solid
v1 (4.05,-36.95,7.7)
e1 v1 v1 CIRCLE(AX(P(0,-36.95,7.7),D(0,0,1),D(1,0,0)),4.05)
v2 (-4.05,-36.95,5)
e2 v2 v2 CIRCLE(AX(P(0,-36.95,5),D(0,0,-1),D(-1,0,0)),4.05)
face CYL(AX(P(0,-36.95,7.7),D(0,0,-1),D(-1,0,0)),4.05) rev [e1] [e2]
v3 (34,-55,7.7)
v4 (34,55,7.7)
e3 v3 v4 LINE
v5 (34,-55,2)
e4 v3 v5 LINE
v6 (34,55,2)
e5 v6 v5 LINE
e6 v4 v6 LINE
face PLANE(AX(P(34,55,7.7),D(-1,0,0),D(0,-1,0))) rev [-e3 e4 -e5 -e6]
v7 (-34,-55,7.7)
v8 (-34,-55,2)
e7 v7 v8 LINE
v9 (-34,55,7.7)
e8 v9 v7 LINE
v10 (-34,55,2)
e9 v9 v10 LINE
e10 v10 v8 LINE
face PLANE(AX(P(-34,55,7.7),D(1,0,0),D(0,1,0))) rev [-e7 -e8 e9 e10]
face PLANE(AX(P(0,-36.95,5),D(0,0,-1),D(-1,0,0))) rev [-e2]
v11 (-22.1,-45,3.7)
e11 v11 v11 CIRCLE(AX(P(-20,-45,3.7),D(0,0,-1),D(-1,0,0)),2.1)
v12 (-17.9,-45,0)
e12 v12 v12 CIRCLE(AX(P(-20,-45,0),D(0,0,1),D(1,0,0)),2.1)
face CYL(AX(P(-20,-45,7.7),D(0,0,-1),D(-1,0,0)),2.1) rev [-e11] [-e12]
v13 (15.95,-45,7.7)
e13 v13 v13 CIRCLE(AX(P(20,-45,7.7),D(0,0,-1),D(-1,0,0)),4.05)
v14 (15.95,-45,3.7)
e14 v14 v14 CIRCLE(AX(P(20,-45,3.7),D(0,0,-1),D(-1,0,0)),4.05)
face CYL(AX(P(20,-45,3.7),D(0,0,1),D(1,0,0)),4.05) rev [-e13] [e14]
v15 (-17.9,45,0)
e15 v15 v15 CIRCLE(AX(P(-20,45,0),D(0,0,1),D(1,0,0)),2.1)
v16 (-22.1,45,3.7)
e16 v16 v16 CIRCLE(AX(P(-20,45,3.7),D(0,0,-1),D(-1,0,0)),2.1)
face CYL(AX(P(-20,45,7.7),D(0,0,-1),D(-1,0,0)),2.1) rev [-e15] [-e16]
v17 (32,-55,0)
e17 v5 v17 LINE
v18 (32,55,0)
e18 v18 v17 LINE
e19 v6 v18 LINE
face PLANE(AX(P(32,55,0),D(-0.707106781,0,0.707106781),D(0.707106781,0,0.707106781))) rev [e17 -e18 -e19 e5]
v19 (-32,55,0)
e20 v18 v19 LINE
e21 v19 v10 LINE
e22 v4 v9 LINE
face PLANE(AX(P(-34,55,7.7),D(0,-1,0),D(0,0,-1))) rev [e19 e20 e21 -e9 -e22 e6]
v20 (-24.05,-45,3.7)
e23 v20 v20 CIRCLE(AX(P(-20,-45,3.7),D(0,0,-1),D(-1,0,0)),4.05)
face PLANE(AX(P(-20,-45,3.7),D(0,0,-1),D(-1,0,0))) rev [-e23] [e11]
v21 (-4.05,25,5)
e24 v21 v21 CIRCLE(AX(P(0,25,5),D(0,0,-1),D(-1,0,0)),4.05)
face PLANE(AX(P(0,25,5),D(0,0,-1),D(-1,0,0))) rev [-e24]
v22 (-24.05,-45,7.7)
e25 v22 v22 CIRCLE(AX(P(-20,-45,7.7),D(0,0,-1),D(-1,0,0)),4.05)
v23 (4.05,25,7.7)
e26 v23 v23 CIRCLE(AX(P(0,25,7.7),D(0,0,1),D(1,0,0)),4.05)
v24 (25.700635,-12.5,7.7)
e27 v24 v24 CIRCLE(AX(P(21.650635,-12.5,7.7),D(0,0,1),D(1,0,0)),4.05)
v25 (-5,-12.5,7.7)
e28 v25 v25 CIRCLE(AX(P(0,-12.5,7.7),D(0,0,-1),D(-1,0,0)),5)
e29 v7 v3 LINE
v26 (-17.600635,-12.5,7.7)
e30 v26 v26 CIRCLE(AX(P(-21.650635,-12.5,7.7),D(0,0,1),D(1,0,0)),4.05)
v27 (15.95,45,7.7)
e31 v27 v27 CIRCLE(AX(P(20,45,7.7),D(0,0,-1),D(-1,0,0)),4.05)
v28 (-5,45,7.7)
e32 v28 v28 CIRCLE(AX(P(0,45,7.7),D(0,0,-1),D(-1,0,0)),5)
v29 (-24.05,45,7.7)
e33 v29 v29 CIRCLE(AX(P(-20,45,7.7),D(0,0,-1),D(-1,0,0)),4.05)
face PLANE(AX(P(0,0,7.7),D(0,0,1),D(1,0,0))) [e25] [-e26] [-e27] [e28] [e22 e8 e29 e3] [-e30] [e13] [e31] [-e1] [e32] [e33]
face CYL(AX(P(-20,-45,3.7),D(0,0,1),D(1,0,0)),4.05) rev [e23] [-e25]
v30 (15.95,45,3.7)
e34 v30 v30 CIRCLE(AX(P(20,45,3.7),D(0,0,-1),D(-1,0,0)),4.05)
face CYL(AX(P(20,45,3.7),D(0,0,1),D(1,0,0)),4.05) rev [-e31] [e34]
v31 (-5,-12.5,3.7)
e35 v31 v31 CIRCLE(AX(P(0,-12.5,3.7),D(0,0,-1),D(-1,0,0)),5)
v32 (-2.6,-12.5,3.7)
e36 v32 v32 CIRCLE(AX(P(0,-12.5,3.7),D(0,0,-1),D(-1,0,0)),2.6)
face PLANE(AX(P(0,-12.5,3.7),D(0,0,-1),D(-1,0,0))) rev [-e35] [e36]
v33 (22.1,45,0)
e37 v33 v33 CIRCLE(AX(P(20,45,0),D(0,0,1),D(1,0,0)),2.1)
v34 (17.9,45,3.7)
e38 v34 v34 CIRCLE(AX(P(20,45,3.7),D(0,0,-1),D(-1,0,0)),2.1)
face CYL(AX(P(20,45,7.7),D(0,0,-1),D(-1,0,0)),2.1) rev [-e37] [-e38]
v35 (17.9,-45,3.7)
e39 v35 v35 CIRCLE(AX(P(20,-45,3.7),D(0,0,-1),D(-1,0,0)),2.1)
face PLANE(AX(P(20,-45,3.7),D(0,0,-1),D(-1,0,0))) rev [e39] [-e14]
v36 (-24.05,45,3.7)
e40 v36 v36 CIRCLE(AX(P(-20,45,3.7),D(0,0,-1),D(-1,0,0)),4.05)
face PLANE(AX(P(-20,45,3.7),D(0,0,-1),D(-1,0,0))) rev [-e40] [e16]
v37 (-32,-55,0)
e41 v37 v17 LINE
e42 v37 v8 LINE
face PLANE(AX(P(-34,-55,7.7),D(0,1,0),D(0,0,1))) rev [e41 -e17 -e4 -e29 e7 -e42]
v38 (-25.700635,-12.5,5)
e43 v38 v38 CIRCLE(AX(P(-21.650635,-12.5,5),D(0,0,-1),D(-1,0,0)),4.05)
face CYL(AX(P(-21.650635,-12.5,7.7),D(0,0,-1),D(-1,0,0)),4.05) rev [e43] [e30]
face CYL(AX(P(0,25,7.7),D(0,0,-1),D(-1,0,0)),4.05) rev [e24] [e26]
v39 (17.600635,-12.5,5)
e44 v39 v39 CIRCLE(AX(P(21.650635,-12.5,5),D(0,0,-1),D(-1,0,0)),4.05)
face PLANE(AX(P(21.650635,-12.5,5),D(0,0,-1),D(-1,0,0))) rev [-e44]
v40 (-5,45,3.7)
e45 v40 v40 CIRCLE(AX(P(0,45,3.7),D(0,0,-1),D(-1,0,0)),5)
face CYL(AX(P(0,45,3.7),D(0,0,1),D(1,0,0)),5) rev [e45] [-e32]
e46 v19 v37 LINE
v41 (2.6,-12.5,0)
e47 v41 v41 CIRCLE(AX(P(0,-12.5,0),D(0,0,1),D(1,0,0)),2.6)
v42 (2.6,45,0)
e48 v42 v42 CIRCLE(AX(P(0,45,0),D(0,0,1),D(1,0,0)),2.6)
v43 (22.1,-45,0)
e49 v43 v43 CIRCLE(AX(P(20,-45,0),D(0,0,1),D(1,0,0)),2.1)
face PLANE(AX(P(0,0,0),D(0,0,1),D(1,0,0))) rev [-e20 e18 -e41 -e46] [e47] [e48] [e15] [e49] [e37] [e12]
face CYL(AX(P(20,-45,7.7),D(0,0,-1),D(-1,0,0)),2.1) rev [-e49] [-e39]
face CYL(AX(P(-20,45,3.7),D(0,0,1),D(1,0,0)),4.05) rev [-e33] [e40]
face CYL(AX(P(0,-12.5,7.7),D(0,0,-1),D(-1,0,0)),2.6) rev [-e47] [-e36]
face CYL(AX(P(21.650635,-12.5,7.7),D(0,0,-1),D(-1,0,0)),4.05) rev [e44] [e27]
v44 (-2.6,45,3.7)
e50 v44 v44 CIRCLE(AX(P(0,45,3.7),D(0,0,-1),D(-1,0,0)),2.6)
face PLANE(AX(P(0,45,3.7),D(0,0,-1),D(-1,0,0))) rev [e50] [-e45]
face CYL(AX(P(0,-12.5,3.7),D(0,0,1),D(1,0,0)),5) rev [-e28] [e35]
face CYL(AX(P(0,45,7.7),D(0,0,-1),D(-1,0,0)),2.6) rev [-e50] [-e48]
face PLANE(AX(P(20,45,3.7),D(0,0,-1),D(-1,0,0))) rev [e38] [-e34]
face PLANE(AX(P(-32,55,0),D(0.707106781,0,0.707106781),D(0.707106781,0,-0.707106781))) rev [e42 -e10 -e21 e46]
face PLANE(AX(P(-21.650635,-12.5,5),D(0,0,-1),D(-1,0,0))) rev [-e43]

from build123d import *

# Parameters (mm, degrees)
SKETCH1_W           = 68
SKETCH1_H           = 110
SKETCH1_R           = 2.1
SKETCH1_R_2         = 4.05
SKETCH1_R_3         = 2.6
BOSS_EXTRUDE1_DEPTH = 7.7
SKETCH2_R           = 6.304633146
SKETCH2_R_2         = 7.334333348
SKETCH2_R_3         = 8.114040952
SKETCH2_R_4         = 11.073656437
BOSS_EXTRUDE2_DEPTH = 5
SKETCH3_R           = 4.05
SKETCH3_R_2         = 5
CUT_EXTRUDE1_DEPTH  = 4
CUT_EXTRUDE2_DEPTH  = 111


with BuildPart() as part:
    # Sketch1 → Boss-Extrude1 (new body)
    with BuildSketch(Plane.XY):
        Rectangle(SKETCH1_W, SKETCH1_H)
        with Locations((20, 45)):
            Circle(SKETCH1_R, mode=Mode.SUBTRACT)
        with Locations((-20, 45)):
            Circle(SKETCH1_R, mode=Mode.SUBTRACT)
        with Locations((20, -45)):
            Circle(SKETCH1_R, mode=Mode.SUBTRACT)
        with Locations((-20, -45)):
            Circle(SKETCH1_R, mode=Mode.SUBTRACT)
        with Locations((21.650635095, -12.5)):
            Circle(SKETCH1_R_2, mode=Mode.SUBTRACT)
        with Locations((0, 25)):
            Circle(SKETCH1_R_2, mode=Mode.SUBTRACT)
        with Locations((-21.650635095, -12.5)):
            Circle(SKETCH1_R_2, mode=Mode.SUBTRACT)
        with Locations((0, -36.95)):
            Circle(SKETCH1_R_2, mode=Mode.SUBTRACT)
        with Locations((0, 45)):
            Circle(SKETCH1_R_3, mode=Mode.SUBTRACT)
        with Locations((0, -12.5)):
            Circle(SKETCH1_R_3, mode=Mode.SUBTRACT)
    extrude(amount=BOSS_EXTRUDE1_DEPTH)

    # Sketch2 → Boss-Extrude2 (add)
    with BuildSketch(Plane(origin=(0, 0, 0), x_dir=(-1, 0, 0), z_dir=(0, 0, -1))):
        with Locations((-21.650635095, -12.5)):
            Circle(SKETCH2_R)
        with Locations((0, 25)):
            Circle(SKETCH2_R_2)
        with Locations((21.650635095, -12.5)):
            Circle(SKETCH2_R_3)
        with Locations((0, -36.95)):
            Circle(SKETCH2_R_4)
    extrude(amount=-BOSS_EXTRUDE2_DEPTH)

    # Sketch3 → Cut-Extrude1 (cut)
    with BuildSketch(Plane(origin=(0, 0, 7.7), x_dir=(-1, 0, 0), z_dir=(0, 0, -1))):
        with Locations((-20, 45)):
            Circle(SKETCH3_R)
        with Locations((20, 45)):
            Circle(SKETCH3_R)
        with Locations((-20, -45)):
            Circle(SKETCH3_R)
        with Locations((20, -45)):
            Circle(SKETCH3_R)
        with Locations((0, 45)):
            Circle(SKETCH3_R_2)
        with Locations((0, -12.5)):
            Circle(SKETCH3_R_2)
    extrude(amount=CUT_EXTRUDE1_DEPTH, mode=Mode.SUBTRACT)

    # Sketch4 → Cut-Extrude2 (cut, through all)
    with BuildSketch(Plane.XZ.offset(55)):
        Polygon((34, 2), (34, 0), (32, 0), align=None)
        Polygon((-34, 15.4), (-39, 15.4), (-39, 0), (-34, 0), (-32, 0), (-34, 2), align=None)
    extrude(amount=-CUT_EXTRUDE2_DEPTH, mode=Mode.SUBTRACT)


solid = part.part
